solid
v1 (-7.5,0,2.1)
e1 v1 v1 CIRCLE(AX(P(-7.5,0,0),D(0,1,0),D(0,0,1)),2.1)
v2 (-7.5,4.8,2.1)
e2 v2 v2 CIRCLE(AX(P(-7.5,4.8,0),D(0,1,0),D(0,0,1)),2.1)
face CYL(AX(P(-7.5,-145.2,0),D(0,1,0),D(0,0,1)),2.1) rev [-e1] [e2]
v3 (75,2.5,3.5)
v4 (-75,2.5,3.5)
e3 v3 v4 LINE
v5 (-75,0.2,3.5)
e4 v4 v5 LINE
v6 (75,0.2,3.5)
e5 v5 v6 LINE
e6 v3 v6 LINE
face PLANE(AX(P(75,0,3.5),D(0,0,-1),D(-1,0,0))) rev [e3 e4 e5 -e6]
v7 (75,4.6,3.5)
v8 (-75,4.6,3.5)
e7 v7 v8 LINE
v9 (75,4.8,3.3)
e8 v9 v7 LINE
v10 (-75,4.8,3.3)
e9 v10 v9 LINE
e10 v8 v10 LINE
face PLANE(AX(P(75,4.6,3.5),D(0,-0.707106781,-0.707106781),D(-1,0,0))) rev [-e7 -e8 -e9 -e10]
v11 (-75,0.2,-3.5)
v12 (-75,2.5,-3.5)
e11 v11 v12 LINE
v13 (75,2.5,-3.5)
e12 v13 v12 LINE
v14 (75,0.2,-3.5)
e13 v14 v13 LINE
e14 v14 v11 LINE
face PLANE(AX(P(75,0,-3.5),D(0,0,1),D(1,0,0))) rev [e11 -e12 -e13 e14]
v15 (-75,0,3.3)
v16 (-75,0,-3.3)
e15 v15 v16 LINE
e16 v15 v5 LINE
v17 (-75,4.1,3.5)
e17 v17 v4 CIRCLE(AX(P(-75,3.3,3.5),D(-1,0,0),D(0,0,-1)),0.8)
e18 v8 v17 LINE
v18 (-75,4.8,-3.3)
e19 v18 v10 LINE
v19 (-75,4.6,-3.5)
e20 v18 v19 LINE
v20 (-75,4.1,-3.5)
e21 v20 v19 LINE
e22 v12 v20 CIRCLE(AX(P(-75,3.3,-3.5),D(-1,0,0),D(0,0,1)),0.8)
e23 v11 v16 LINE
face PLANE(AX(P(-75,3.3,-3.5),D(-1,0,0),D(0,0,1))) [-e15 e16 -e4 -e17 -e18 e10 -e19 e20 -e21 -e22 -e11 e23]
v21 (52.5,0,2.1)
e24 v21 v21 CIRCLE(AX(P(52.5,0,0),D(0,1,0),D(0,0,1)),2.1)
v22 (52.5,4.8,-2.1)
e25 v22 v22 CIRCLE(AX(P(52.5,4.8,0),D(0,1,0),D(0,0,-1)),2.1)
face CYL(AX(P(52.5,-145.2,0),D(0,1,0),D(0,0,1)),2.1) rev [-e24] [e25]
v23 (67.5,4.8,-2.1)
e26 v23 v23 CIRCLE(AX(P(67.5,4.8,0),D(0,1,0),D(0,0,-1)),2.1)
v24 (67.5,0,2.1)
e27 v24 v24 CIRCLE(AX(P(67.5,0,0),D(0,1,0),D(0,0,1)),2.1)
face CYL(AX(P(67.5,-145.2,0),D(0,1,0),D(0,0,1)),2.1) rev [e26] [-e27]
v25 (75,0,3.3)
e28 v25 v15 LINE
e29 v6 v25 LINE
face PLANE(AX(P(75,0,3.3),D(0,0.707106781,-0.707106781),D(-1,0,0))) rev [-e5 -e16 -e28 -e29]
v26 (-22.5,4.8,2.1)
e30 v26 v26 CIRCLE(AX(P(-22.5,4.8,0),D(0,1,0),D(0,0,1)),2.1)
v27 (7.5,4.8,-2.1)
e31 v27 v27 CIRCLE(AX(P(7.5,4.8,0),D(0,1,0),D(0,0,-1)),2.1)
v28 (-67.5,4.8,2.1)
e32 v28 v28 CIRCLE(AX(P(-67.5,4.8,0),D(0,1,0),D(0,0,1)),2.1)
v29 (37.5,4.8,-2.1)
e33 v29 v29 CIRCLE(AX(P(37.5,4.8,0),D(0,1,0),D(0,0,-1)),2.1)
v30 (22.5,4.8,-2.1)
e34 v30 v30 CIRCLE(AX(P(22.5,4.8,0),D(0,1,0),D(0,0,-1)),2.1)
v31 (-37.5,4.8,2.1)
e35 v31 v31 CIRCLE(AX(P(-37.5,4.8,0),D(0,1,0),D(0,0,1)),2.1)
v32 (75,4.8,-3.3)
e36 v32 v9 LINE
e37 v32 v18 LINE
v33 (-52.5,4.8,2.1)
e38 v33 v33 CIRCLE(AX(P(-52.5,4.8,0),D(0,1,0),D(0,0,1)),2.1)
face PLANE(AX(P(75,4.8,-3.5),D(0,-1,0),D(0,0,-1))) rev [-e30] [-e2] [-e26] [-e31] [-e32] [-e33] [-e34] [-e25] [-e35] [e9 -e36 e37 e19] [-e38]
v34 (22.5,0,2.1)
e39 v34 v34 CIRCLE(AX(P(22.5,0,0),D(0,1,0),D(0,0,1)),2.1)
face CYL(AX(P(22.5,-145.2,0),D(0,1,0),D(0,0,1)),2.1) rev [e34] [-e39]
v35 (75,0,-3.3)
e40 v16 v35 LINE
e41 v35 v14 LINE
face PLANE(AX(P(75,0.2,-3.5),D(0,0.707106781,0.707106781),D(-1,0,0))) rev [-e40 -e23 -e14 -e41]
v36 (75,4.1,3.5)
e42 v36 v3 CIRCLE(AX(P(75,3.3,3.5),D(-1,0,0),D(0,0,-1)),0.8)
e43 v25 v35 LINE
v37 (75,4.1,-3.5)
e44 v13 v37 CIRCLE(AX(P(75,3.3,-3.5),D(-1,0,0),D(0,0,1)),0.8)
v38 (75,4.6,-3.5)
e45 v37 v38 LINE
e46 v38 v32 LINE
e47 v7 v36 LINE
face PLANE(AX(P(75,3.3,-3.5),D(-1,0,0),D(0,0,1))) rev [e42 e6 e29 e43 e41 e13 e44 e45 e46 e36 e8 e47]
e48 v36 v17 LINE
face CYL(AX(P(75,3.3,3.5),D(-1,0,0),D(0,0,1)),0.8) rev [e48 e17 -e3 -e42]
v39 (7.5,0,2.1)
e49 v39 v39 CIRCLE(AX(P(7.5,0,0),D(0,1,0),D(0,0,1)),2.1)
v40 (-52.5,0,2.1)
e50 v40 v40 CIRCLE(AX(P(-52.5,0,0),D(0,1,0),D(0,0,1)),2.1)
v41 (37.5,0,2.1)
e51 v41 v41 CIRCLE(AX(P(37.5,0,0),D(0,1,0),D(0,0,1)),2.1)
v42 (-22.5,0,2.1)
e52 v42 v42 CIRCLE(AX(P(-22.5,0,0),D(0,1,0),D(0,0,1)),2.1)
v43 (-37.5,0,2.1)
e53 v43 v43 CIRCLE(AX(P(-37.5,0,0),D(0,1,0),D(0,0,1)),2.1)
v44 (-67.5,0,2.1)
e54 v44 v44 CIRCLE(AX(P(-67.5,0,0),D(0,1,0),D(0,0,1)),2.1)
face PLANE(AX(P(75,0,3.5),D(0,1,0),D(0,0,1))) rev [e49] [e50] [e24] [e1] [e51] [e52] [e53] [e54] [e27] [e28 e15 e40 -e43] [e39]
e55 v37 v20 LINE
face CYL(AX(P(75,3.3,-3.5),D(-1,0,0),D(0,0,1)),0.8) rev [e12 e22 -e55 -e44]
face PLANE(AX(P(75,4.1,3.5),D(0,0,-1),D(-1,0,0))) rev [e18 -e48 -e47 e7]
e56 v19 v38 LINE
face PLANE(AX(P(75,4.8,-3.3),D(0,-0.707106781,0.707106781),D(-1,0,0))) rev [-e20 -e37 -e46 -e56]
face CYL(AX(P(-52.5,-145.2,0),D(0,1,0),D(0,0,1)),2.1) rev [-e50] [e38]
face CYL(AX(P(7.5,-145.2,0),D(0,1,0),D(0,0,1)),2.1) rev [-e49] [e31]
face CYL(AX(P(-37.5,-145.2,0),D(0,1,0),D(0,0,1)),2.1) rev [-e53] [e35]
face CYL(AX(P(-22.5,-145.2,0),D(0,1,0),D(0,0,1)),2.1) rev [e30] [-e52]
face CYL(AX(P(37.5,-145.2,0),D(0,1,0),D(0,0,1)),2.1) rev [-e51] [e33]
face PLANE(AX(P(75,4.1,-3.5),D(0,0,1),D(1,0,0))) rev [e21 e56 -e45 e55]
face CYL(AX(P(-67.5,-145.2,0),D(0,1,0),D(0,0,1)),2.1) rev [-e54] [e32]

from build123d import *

# Parameters (mm, degrees)
RESSALTO_EXTRUS_O1_DEPTH = 75
CHANFRO1_SIZE            = 0.2
ESBO_O2_R                = 2.1
CORTE_EXTRUS_O1_DEPTH    = 150


with BuildPart() as part:
    # Esboço1 → Ressalto-extrusão1 (new body, symmetric)
    with BuildSketch(Plane(origin=(0, 0, 0), x_dir=(0, 0, -1), z_dir=(1, 0, 0))):
        with BuildLine():
            Line((-3.5, 0), (3.5, 0))
            Line((3.5, 0), (3.5, 2.5))
            ThreePointArc((3.5, 2.5), (2.7, 3.3), (3.5, 4.1))
            Line((3.5, 4.1), (3.5, 4.8))
            Line((3.5, 4.8), (-3.5, 4.8))
            Line((-3.5, 4.8), (-3.5, 4.1))
            ThreePointArc((-3.5, 4.1), (-2.7, 3.3), (-3.5, 2.5))
            Line((-3.5, 2.5), (-3.5, 0))
        make_face()
    extrude(amount=RESSALTO_EXTRUS_O1_DEPTH, both=True)

    # Chanfro1
    chanfro1_edges = [part.edges().sort_by_distance(p)[0] for p in [
        (0, 0, -3.5),
        (0, 0, 3.5),
        (0, 4.8, 3.5),
        (0, 4.8, -3.5),
    ]]
    chamfer(chanfro1_edges, length=CHANFRO1_SIZE)

    # Esboço2 → Corte-extrusão1 (cut)
    with BuildSketch(Plane(origin=(0, 4.8, 0), x_dir=(1, 0, 0), z_dir=(0, 1, 0))):
        with Locations((-7.5, 0)):
            Circle(ESBO_O2_R)
        with Locations((-22.5, 0)):
            Circle(ESBO_O2_R)
        with Locations((-37.5, 0)):
            Circle(ESBO_O2_R)
        with Locations((-52.5, 0)):
            Circle(ESBO_O2_R)
        with Locations((-67.5, 0)):
            Circle(ESBO_O2_R)
        with Locations((67.5, 0)):
            Circle(ESBO_O2_R)
        with Locations((52.5, 0)):
            Circle(ESBO_O2_R)
        with Locations((37.5, 0)):
            Circle(ESBO_O2_R)
        with Locations((22.5, 0)):
            Circle(ESBO_O2_R)
        with Locations((7.5, 0)):
            Circle(ESBO_O2_R)
    extrude(amount=-CORTE_EXTRUS_O1_DEPTH, mode=Mode.SUBTRACT)


solid = part.part
